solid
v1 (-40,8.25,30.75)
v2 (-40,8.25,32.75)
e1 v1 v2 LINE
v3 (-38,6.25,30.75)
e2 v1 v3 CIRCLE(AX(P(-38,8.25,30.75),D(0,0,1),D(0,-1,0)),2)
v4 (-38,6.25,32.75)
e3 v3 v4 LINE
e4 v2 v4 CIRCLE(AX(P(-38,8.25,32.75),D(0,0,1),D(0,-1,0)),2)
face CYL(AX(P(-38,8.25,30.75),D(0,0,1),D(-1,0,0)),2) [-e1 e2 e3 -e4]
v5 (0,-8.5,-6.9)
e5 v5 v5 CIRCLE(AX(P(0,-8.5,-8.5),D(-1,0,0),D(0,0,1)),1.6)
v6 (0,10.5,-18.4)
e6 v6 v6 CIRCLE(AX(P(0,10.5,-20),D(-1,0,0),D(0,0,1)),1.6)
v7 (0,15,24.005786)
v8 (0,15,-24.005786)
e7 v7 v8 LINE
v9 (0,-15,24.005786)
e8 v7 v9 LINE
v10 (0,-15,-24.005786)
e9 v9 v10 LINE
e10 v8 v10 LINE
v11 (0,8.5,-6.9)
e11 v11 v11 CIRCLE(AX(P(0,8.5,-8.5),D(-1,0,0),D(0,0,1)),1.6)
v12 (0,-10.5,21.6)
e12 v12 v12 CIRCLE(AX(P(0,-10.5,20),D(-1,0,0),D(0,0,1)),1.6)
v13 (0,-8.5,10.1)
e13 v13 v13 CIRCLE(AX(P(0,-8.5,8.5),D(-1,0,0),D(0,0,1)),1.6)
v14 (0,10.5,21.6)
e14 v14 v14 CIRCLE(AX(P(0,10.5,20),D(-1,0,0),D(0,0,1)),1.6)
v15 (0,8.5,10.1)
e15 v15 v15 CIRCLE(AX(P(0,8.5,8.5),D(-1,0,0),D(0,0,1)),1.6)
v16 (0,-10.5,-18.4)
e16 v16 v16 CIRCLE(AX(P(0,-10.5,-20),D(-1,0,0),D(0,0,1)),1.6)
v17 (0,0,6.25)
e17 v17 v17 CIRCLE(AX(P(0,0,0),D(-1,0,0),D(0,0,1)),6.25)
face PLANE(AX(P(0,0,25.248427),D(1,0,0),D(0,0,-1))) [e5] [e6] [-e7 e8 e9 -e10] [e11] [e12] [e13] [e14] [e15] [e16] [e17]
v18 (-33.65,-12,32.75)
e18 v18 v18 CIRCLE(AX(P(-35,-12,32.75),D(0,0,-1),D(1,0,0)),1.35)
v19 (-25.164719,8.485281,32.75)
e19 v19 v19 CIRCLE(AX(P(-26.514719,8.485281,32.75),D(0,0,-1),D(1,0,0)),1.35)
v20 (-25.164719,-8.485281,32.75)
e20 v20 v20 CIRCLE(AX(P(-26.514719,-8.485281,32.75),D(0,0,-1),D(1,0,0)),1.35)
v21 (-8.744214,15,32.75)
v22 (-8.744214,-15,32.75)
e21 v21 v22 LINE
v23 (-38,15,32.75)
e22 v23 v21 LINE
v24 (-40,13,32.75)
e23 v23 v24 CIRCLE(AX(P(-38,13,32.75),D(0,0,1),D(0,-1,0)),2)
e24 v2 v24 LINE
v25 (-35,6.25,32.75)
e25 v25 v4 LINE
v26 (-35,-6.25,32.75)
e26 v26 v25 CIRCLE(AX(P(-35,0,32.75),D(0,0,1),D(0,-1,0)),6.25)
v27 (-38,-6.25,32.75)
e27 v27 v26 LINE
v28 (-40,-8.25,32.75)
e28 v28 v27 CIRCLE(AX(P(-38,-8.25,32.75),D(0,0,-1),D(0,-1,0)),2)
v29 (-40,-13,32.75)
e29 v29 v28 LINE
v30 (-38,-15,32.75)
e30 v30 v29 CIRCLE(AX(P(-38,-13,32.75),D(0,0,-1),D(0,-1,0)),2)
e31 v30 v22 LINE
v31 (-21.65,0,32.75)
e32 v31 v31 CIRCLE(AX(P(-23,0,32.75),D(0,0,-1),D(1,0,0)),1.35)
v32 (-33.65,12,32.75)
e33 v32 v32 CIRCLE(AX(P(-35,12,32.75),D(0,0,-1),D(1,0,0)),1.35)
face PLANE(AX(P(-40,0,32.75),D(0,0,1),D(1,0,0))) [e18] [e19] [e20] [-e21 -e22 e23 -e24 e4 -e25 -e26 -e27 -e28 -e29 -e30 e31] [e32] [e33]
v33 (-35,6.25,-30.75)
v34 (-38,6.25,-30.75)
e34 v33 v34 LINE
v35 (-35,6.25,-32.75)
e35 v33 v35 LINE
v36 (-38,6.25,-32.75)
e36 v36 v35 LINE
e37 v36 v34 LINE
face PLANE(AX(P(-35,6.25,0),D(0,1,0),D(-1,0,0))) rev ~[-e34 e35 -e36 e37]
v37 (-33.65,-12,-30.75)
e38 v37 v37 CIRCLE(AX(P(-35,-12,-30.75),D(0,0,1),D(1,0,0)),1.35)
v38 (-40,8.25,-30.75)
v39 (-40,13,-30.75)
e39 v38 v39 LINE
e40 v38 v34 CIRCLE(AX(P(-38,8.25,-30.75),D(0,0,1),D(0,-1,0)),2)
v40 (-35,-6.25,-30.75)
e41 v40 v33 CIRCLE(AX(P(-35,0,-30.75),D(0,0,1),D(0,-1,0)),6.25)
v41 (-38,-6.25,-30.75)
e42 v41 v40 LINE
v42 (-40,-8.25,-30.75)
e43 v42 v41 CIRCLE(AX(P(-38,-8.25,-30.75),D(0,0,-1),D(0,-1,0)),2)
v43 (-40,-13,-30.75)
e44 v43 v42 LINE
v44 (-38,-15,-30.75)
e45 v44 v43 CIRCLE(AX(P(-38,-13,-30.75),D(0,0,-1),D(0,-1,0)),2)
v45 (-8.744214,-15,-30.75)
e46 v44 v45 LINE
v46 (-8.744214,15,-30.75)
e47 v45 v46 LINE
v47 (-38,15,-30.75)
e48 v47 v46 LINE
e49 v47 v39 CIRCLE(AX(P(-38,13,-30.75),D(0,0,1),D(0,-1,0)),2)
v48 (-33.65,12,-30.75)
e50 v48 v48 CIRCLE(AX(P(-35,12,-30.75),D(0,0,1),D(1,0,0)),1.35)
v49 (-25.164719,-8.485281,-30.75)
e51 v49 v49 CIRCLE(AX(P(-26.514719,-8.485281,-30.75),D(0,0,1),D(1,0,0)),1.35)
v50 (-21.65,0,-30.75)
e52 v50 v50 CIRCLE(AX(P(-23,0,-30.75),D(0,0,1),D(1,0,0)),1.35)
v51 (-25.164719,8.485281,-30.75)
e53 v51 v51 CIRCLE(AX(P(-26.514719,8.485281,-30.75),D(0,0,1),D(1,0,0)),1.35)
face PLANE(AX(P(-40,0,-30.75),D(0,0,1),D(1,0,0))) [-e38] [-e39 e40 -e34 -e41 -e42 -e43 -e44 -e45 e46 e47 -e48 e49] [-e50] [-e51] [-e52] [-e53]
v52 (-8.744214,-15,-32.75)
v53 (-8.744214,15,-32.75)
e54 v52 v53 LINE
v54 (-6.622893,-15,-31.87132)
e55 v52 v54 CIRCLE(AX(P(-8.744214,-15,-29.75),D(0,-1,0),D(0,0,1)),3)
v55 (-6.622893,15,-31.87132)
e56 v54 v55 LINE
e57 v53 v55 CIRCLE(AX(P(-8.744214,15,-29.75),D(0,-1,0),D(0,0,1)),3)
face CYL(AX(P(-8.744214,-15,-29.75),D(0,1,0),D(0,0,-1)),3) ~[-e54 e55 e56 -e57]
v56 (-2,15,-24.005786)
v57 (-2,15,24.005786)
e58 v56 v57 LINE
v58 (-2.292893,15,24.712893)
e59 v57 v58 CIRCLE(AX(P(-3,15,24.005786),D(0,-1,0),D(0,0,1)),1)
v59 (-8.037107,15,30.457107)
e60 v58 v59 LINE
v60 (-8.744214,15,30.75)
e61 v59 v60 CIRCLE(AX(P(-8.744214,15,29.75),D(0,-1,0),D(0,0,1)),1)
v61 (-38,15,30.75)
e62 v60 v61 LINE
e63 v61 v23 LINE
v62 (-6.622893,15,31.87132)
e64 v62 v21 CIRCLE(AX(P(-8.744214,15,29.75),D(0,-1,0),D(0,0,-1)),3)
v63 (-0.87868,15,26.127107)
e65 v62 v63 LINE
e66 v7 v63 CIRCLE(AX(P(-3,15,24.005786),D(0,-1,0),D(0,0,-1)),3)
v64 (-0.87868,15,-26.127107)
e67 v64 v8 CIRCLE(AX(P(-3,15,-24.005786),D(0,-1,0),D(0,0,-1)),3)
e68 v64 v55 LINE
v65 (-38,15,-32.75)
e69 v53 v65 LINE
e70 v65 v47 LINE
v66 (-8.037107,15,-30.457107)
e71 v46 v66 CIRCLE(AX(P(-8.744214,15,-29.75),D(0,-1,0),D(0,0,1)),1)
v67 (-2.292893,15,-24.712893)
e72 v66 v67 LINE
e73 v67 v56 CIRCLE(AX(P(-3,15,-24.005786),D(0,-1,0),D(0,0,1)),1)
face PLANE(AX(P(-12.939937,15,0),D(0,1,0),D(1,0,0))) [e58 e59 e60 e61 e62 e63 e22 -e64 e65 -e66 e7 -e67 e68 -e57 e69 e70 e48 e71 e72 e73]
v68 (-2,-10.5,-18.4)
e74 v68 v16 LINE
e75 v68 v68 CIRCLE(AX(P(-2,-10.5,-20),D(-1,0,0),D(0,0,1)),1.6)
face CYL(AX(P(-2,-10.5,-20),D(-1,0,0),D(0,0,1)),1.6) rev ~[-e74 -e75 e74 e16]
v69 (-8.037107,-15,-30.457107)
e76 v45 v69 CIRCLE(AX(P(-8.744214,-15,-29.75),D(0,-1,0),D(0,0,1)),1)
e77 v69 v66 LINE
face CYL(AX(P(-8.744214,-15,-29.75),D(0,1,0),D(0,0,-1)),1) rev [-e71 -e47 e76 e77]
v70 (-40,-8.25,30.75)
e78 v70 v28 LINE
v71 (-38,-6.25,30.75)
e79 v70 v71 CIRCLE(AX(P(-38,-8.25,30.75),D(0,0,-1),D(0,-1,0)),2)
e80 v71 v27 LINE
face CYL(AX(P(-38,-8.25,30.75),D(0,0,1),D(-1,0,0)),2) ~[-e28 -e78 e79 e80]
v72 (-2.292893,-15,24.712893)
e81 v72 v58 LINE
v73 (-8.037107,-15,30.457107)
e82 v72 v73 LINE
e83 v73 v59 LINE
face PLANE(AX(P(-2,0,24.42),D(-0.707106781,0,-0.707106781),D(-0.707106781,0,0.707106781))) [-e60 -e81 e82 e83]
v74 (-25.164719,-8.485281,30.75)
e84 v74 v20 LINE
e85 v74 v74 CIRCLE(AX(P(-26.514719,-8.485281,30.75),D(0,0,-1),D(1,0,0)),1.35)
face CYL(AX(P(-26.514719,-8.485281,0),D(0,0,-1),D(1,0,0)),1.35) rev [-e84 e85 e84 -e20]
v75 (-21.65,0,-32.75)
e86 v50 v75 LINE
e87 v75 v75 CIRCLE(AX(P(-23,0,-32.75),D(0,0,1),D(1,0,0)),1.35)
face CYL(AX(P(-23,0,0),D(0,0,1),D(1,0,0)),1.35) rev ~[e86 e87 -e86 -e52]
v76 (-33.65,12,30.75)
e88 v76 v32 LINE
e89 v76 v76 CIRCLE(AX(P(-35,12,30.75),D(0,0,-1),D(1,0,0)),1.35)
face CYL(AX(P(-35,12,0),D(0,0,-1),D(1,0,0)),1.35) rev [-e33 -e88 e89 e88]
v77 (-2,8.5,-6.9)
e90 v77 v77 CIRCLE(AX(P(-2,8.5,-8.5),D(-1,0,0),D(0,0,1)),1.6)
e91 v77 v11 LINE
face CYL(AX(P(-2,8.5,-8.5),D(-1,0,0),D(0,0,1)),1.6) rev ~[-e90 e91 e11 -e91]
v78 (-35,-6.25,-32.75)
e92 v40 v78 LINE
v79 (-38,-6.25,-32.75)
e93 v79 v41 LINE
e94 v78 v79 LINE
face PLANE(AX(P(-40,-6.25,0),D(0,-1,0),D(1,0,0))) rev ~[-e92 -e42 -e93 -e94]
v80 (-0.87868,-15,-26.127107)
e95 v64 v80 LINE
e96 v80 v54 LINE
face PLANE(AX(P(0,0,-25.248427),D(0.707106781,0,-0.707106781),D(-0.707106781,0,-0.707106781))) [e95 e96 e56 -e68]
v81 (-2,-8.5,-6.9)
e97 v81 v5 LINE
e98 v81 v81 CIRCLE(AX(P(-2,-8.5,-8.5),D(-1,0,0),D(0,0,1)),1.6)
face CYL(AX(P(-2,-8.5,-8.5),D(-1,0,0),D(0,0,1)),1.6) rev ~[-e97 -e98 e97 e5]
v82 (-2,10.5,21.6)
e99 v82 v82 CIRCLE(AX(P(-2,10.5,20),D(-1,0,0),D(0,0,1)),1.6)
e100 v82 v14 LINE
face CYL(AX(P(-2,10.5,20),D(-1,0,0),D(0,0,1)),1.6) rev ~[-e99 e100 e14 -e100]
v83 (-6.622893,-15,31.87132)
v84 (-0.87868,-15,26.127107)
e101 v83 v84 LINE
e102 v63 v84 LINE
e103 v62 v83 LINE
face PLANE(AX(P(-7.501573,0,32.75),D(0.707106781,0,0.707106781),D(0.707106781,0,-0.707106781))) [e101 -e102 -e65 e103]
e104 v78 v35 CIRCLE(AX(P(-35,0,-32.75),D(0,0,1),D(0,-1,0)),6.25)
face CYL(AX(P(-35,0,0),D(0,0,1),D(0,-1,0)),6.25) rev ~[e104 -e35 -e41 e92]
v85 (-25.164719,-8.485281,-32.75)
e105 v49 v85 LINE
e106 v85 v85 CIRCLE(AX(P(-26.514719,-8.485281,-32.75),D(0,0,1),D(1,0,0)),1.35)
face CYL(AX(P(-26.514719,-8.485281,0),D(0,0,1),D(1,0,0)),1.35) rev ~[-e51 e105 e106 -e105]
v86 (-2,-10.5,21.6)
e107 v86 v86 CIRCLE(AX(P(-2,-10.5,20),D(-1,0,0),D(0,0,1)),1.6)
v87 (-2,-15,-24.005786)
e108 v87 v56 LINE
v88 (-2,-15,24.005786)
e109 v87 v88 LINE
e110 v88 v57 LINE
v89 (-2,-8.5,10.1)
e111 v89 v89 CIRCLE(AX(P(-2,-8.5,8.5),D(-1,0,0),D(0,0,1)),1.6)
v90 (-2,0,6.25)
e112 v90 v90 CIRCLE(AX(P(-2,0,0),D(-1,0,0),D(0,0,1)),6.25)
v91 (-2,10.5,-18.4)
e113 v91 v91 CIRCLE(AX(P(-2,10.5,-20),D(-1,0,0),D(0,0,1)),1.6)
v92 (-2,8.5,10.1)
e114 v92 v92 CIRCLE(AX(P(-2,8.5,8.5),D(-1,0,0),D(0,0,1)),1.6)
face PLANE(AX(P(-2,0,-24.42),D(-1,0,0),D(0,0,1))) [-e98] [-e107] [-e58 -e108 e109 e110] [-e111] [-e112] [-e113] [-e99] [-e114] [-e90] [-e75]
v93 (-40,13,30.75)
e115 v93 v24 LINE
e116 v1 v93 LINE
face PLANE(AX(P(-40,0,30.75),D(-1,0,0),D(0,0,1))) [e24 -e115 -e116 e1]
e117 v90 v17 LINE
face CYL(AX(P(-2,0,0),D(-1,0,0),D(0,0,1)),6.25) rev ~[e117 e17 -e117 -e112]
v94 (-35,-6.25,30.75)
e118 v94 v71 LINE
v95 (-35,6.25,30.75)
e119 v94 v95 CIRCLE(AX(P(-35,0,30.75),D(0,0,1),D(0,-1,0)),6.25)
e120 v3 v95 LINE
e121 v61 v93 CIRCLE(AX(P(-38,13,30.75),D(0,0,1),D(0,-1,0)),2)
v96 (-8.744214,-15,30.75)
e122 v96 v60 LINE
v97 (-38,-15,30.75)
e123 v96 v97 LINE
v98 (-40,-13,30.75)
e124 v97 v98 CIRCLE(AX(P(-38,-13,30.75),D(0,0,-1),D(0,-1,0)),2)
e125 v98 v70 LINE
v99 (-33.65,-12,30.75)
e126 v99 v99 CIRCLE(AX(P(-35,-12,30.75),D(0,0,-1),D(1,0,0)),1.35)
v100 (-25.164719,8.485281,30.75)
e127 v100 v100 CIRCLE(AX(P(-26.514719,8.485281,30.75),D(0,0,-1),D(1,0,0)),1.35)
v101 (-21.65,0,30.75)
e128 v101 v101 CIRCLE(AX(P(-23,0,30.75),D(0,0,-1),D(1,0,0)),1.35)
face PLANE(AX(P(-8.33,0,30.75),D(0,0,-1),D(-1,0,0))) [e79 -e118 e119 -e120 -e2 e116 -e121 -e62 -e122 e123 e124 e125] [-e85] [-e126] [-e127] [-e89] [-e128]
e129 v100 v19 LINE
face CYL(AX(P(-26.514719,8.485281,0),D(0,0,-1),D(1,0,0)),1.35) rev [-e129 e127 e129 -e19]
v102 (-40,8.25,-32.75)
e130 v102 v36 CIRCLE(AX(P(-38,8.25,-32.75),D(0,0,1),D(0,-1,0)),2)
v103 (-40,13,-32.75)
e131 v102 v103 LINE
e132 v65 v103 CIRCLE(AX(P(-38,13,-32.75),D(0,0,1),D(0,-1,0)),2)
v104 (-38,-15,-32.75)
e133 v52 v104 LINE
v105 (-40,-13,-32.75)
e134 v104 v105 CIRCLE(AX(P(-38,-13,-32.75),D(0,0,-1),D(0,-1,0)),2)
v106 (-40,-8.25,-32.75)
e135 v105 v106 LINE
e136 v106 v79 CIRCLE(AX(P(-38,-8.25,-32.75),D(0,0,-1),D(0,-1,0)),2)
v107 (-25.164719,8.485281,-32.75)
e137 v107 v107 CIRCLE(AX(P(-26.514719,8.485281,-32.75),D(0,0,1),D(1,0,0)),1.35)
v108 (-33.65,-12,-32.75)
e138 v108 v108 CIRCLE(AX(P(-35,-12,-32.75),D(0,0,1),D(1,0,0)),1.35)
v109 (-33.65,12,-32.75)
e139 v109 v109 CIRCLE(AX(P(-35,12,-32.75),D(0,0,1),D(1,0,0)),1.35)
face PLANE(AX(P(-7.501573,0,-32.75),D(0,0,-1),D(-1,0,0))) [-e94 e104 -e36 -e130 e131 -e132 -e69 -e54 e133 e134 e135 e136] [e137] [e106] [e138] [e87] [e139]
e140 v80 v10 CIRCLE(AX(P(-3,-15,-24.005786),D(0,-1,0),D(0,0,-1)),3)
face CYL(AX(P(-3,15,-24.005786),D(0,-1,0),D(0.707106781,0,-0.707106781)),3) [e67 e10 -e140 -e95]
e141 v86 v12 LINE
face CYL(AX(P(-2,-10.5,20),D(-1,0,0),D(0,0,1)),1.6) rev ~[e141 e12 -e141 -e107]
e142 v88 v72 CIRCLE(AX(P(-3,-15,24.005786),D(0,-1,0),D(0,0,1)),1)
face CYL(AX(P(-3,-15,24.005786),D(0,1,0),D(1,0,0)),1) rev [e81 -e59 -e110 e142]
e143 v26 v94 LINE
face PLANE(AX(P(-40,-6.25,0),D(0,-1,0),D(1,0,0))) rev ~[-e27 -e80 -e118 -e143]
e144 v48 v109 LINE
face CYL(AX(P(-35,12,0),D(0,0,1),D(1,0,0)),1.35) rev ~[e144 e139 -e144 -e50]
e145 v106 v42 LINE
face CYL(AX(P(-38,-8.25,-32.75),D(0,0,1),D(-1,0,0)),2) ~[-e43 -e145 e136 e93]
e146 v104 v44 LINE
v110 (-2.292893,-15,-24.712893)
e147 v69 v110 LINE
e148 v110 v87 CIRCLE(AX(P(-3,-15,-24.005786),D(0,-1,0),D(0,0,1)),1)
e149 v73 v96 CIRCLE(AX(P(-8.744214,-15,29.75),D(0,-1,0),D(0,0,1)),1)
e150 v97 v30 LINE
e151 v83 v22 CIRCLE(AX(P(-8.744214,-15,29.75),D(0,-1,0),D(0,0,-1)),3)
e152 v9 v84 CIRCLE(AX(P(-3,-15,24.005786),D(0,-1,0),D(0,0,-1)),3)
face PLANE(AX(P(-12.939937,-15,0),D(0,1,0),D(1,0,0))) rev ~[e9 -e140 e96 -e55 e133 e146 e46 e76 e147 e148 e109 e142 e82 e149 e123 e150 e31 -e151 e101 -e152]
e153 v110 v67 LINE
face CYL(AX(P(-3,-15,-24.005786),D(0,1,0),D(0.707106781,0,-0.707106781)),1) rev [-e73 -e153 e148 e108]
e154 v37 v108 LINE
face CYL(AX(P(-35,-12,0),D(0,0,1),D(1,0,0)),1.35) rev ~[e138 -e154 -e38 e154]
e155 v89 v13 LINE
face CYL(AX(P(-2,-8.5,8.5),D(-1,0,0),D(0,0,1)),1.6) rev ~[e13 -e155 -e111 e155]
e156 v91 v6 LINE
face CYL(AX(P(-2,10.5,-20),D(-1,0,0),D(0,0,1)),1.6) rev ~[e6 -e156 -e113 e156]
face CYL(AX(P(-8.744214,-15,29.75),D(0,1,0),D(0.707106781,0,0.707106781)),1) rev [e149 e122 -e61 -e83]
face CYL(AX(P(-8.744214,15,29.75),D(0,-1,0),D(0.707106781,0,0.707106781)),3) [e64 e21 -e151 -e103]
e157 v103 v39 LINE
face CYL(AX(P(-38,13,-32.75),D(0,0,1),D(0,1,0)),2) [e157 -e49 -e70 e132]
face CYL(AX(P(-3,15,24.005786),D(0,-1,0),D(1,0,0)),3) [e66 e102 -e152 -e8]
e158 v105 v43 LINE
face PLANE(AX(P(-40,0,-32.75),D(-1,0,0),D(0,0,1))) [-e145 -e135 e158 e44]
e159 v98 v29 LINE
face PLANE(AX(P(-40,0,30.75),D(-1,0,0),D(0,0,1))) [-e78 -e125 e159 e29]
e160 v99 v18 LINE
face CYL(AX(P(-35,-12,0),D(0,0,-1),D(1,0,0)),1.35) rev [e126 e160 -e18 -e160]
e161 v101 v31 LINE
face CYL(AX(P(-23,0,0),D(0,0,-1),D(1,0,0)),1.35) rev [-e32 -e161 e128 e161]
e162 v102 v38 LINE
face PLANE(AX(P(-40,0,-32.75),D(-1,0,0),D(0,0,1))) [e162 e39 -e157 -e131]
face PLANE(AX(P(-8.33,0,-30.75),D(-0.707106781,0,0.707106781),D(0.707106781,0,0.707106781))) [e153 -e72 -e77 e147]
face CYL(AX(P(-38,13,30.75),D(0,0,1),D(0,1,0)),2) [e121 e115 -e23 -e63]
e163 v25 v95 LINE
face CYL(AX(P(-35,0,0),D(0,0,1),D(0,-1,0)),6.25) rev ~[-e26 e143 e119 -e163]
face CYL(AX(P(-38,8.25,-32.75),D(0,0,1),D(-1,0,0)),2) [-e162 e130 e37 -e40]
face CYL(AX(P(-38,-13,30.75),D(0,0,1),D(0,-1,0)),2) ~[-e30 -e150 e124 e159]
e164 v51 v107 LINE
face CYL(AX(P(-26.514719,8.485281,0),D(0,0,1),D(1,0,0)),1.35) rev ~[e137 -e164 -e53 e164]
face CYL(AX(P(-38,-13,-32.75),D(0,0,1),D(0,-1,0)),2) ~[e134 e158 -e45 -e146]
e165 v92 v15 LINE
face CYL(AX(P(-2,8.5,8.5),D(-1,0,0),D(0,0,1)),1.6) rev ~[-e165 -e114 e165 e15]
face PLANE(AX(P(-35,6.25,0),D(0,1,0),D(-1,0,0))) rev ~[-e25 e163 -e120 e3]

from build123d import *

# Parameters (mm, degrees)
EXTRUDE_1_DEPTH     = 15
SKETCH_2_R          = 1.6
SKETCH_2_R_2        = 6.25
CUT_EXTRUDE_1_DEPTH = 2
SKETCH_3_R          = 1.35
CUT_EXTRUDE_2_DEPTH = 37
FILLET_1_R          = 2
FILLET_2_R          = 1
FILLET_3_R          = 3


with BuildPart() as part:
    # 草图1 → 凸台-拉伸1 (new, symmetric)
    with BuildSketch(Plane(origin=(0, 0, 0), x_dir=(1, 0, 0), z_dir=(0, 1, 0))):
        Polygon((0, 0), (0, 25.248427125), (-7.501572875, 32.75), (-40, 32.75), (-40, 30.75), (-8.33, 30.75), (-2, 24.42), (-2, 0), (-2, -24.42), (-8.33, -30.75), (-40, -30.75), (-40, -32.75), (-7.501572875, -32.75), (0, -25.248427125), align=None)
    extrude(amount=EXTRUDE_1_DEPTH, both=True)

    # 草图2 → 切除-拉伸1 (cut)
    with BuildSketch(Plane.ZY.offset(2)):
        with Locations((-20, 10.5)):
            Circle(SKETCH_2_R)
        with Locations((-8.5, 8.5)):
            Circle(SKETCH_2_R)
        with Locations((8.5, 8.5)):
            Circle(SKETCH_2_R)
        with Locations((20, 10.5)):
            Circle(SKETCH_2_R)
        with Locations((20, -10.5)):
            Circle(SKETCH_2_R)
        with Locations((8.5, -8.5)):
            Circle(SKETCH_2_R)
        with Locations((-8.5, -8.5)):
            Circle(SKETCH_2_R)
        with Locations((-20, -10.5)):
            Circle(SKETCH_2_R)
        Circle(SKETCH_2_R_2)
    extrude(amount=-CUT_EXTRUDE_1_DEPTH, mode=Mode.SUBTRACT)

    # 草图3 → 切除-拉伸2 (cut, symmetric)
    with BuildSketch(Plane.XY):
        with Locations((-23, 0)):
            Circle(SKETCH_3_R)
        with Locations((-26.514718626, -8.485281374)):
            Circle(SKETCH_3_R)
        with Locations((-35, -12)):
            Circle(SKETCH_3_R)
        with Locations((-35, 12)):
            Circle(SKETCH_3_R)
        with Locations((-26.514718626, 8.485281374)):
            Circle(SKETCH_3_R)
        with BuildLine():
            Line((-35, 6.25), (-40, 6.25))
            Line((-40, 6.25), (-40, -6.25))
            Line((-40, -6.25), (-35, -6.25))
            ThreePointArc((-35, -6.25), (-28.75, 0), (-35, 6.25))
        make_face()
    extrude(amount=CUT_EXTRUDE_2_DEPTH, both=True, mode=Mode.SUBTRACT)

    # 圆角1
    fillet_1_edges = [part.edges().sort_by_distance(p)[0] for p in [
        (-40, -6.25, -31.75),
        (-40, -6.25, 31.75),
        (-40, 6.25, -31.75),
        (-40, 6.25, 31.75),
        (-40, -15, 31.75),
        (-40, -15, -31.75),
        (-40, 15, -31.75),
        (-40, 15, 31.75),
    ]]
    fillet(fillet_1_edges, radius=FILLET_1_R)

    # 圆角2
    fillet_2_edges = [part.edges().sort_by_distance(p)[0] for p in [
        (-8.33, 0, 30.75),
        (-2, 0, 24.42),
        (-2, 0, -24.42),
        (-8.33, 0, -30.75),
    ]]
    fillet(fillet_2_edges, radius=FILLET_2_R)

    # 圆角3
    fillet_3_edges = [part.edges().sort_by_distance(p)[0] for p in [
        (0, 0, 25.248427125),
        (-7.501572875, 0, 32.75),
        (-7.501572875, 0, -32.75),
        (0, 0, -25.248427125),
    ]]
    fillet(fillet_3_edges, radius=FILLET_3_R)


solid = part.part
